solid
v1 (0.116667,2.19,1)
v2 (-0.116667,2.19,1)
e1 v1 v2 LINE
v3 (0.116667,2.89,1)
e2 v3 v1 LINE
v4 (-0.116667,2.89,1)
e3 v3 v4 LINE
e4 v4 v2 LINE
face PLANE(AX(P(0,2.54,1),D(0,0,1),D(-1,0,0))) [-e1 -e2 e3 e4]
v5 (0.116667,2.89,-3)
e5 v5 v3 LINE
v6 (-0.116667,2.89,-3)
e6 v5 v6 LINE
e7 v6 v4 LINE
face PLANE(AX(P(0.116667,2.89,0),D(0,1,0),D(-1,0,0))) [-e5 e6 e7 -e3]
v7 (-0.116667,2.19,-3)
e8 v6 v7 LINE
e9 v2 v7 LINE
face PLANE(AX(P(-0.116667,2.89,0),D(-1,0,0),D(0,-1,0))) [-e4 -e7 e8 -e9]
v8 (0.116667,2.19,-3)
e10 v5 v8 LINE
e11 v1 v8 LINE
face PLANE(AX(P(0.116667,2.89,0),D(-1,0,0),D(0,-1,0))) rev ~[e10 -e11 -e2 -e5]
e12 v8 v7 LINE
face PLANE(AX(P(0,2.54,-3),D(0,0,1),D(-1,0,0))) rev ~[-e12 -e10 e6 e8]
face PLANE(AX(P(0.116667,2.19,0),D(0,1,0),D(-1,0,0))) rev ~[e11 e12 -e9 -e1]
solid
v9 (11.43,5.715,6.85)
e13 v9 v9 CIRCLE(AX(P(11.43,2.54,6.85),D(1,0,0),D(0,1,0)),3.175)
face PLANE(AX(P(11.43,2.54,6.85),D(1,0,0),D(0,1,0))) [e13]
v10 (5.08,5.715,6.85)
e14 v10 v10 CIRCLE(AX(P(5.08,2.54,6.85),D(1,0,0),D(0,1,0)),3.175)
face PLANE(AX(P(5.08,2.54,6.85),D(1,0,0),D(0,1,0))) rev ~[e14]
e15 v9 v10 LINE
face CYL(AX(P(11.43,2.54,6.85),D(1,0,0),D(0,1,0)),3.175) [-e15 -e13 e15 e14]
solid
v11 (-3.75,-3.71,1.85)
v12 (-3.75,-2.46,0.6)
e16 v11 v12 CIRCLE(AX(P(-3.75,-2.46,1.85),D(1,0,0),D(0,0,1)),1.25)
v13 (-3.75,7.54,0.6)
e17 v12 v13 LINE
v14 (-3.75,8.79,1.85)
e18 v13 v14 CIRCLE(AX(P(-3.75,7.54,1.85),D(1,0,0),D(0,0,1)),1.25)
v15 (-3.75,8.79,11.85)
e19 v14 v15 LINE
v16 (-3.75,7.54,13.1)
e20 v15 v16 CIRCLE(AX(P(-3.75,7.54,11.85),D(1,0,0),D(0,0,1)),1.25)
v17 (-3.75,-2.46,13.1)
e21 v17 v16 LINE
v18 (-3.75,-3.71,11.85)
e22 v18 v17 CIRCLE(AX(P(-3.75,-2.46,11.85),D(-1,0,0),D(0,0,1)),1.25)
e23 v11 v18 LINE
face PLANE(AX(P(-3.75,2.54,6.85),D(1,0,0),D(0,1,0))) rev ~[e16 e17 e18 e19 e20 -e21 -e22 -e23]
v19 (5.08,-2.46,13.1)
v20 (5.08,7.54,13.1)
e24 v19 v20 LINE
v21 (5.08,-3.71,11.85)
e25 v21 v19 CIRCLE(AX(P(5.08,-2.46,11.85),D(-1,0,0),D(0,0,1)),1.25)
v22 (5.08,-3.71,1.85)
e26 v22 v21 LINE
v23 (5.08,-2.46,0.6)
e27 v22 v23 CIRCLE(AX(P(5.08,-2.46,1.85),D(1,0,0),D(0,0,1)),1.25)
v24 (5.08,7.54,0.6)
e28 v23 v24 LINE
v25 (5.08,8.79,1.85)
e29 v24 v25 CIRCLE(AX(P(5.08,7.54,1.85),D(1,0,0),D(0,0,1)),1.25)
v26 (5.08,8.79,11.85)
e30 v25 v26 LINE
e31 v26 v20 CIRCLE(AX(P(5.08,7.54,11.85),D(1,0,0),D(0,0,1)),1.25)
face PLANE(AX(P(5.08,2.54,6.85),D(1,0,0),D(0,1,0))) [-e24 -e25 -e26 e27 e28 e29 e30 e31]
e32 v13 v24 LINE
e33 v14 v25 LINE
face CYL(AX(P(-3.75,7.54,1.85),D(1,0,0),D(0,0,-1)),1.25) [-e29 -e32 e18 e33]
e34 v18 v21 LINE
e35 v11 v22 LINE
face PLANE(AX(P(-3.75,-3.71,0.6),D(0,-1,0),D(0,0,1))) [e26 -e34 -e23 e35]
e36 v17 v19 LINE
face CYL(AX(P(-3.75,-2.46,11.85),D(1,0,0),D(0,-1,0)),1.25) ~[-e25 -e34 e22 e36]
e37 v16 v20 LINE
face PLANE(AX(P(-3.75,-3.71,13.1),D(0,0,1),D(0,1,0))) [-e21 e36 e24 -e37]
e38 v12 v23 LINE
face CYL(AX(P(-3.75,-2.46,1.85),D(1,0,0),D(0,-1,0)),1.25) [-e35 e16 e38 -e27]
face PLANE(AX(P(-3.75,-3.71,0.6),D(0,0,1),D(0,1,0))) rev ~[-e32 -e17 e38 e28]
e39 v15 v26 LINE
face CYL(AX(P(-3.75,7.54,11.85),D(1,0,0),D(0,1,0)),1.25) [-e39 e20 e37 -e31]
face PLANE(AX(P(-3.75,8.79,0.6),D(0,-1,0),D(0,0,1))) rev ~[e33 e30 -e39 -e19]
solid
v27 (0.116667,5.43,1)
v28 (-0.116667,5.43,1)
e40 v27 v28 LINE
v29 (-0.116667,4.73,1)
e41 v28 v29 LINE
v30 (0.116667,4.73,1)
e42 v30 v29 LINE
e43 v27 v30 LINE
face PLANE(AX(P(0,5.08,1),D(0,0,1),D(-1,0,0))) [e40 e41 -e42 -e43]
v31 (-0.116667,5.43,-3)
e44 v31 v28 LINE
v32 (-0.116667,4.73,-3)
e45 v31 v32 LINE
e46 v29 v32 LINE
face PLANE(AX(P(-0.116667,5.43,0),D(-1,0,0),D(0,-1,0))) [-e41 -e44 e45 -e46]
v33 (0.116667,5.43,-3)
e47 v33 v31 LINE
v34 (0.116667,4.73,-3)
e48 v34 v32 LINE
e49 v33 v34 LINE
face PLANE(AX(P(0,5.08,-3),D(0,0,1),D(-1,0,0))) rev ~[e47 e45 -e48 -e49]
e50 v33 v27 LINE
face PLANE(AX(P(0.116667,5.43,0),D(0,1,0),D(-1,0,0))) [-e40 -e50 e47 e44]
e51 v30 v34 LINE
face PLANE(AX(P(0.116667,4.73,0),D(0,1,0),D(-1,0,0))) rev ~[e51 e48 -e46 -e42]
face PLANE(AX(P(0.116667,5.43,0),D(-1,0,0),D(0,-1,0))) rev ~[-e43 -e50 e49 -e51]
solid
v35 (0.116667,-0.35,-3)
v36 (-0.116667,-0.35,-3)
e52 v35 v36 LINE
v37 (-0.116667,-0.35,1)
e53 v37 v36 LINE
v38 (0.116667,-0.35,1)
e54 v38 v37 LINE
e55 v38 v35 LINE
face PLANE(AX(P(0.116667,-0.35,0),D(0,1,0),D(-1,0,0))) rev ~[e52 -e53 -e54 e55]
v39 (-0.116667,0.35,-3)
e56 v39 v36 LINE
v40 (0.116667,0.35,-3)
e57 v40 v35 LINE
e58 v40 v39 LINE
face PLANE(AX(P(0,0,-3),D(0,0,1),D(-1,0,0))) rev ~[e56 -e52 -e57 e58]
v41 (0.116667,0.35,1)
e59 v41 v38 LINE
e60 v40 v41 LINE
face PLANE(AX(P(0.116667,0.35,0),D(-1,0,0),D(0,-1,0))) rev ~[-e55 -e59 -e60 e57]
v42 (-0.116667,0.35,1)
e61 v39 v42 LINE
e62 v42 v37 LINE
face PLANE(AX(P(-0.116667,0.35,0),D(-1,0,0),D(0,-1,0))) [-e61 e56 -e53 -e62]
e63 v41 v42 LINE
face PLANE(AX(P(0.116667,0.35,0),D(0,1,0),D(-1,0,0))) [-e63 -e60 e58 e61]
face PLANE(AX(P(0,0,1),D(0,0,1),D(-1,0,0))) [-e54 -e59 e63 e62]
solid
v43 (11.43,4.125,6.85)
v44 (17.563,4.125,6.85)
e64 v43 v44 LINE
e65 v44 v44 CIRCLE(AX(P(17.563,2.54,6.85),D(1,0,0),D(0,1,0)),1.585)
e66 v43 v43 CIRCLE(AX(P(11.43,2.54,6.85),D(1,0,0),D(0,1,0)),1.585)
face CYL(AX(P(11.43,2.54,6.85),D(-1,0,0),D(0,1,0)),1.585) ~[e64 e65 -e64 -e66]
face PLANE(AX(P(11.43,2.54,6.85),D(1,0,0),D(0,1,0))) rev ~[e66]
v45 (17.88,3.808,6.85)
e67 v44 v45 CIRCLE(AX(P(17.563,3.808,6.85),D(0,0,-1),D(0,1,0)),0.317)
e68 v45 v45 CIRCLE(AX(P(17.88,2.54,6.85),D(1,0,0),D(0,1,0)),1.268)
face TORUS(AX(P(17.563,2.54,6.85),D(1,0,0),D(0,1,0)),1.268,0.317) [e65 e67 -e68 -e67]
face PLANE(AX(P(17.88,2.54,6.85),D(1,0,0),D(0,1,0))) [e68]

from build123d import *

# Parameters (mm, degrees)
SKETCH001_R       = 3.175
PAD001_DEPTH      = 6.35
SKETCH003_W       = 0.233334
SKETCH003_H       = 0.7
PAD002_DEPTH      = 1
PAD002_DEPTH_BACK = 3
SKETCH004_R       = 1.585
PAD003_DEPTH      = 6.45
FILLET_R          = 0.317
SKETCH_W          = 12.5
SKETCH_H          = 12.5
PAD_DEPTH         = 8.83
FILLET001_R       = 1.25


with BuildPart() as pad001:
    # Sketch001 → Pad001 (new body)
    with BuildSketch(Plane.YZ.offset(11.43)):
        with Locations((2.54, 6.85)):
            Circle(SKETCH001_R)
    extrude(amount=-PAD001_DEPTH)


with BuildPart() as pad002:
    # Sketch003 → Pad002 (new body, two sides)
    with BuildSketch(Plane(origin=(0, 0, 0), x_dir=(-1, 0, 0), z_dir=(0, 0, 1))) as pad002_sk:
        Rectangle(SKETCH003_W, SKETCH003_H)
        with Locations((0, -2.54)):
            Rectangle(SKETCH003_W, SKETCH003_H)
        with Locations((0, -5.08)):
            Rectangle(SKETCH003_W, SKETCH003_H)
    extrude(amount=PAD002_DEPTH)
    extrude(pad002_sk.sketch, amount=-PAD002_DEPTH_BACK)


with BuildPart() as fillet_body:
    # Sketch004 → Pad003 (new body)
    with BuildSketch(Plane.YZ.offset(11.43)):
        with Locations((2.54, 6.85)):
            Circle(SKETCH004_R)
    extrude(amount=PAD003_DEPTH)

    # Fillet
    fillet_edges = [fillet_body.edges().sort_by_distance(p)[0] for p in [
        (17.88, 0.955, 6.85),
    ]]
    fillet(fillet_edges, radius=FILLET_R)


with BuildPart() as fillet001:
    # Sketch → Pad (new body)
    with BuildSketch(Plane.YZ.offset(-3.75)):
        with Locations((2.54, 6.85)):
            Rectangle(SKETCH_W, SKETCH_H)
    extrude(amount=PAD_DEPTH)

    # Fillet001
    fillet001_edges = [fillet001.edges().sort_by_distance(p)[0] for p in [
        (0.665, -3.71, 13.1),
        (0.665, 8.79, 13.1),
        (0.665, -3.71, 0.6),
        (0.665, 8.79, 0.6),
    ]]
    fillet(fillet001_edges, radius=FILLET001_R)


solid = Compound([pad001.part, pad002.part, fillet_body.part, fillet001.part])
